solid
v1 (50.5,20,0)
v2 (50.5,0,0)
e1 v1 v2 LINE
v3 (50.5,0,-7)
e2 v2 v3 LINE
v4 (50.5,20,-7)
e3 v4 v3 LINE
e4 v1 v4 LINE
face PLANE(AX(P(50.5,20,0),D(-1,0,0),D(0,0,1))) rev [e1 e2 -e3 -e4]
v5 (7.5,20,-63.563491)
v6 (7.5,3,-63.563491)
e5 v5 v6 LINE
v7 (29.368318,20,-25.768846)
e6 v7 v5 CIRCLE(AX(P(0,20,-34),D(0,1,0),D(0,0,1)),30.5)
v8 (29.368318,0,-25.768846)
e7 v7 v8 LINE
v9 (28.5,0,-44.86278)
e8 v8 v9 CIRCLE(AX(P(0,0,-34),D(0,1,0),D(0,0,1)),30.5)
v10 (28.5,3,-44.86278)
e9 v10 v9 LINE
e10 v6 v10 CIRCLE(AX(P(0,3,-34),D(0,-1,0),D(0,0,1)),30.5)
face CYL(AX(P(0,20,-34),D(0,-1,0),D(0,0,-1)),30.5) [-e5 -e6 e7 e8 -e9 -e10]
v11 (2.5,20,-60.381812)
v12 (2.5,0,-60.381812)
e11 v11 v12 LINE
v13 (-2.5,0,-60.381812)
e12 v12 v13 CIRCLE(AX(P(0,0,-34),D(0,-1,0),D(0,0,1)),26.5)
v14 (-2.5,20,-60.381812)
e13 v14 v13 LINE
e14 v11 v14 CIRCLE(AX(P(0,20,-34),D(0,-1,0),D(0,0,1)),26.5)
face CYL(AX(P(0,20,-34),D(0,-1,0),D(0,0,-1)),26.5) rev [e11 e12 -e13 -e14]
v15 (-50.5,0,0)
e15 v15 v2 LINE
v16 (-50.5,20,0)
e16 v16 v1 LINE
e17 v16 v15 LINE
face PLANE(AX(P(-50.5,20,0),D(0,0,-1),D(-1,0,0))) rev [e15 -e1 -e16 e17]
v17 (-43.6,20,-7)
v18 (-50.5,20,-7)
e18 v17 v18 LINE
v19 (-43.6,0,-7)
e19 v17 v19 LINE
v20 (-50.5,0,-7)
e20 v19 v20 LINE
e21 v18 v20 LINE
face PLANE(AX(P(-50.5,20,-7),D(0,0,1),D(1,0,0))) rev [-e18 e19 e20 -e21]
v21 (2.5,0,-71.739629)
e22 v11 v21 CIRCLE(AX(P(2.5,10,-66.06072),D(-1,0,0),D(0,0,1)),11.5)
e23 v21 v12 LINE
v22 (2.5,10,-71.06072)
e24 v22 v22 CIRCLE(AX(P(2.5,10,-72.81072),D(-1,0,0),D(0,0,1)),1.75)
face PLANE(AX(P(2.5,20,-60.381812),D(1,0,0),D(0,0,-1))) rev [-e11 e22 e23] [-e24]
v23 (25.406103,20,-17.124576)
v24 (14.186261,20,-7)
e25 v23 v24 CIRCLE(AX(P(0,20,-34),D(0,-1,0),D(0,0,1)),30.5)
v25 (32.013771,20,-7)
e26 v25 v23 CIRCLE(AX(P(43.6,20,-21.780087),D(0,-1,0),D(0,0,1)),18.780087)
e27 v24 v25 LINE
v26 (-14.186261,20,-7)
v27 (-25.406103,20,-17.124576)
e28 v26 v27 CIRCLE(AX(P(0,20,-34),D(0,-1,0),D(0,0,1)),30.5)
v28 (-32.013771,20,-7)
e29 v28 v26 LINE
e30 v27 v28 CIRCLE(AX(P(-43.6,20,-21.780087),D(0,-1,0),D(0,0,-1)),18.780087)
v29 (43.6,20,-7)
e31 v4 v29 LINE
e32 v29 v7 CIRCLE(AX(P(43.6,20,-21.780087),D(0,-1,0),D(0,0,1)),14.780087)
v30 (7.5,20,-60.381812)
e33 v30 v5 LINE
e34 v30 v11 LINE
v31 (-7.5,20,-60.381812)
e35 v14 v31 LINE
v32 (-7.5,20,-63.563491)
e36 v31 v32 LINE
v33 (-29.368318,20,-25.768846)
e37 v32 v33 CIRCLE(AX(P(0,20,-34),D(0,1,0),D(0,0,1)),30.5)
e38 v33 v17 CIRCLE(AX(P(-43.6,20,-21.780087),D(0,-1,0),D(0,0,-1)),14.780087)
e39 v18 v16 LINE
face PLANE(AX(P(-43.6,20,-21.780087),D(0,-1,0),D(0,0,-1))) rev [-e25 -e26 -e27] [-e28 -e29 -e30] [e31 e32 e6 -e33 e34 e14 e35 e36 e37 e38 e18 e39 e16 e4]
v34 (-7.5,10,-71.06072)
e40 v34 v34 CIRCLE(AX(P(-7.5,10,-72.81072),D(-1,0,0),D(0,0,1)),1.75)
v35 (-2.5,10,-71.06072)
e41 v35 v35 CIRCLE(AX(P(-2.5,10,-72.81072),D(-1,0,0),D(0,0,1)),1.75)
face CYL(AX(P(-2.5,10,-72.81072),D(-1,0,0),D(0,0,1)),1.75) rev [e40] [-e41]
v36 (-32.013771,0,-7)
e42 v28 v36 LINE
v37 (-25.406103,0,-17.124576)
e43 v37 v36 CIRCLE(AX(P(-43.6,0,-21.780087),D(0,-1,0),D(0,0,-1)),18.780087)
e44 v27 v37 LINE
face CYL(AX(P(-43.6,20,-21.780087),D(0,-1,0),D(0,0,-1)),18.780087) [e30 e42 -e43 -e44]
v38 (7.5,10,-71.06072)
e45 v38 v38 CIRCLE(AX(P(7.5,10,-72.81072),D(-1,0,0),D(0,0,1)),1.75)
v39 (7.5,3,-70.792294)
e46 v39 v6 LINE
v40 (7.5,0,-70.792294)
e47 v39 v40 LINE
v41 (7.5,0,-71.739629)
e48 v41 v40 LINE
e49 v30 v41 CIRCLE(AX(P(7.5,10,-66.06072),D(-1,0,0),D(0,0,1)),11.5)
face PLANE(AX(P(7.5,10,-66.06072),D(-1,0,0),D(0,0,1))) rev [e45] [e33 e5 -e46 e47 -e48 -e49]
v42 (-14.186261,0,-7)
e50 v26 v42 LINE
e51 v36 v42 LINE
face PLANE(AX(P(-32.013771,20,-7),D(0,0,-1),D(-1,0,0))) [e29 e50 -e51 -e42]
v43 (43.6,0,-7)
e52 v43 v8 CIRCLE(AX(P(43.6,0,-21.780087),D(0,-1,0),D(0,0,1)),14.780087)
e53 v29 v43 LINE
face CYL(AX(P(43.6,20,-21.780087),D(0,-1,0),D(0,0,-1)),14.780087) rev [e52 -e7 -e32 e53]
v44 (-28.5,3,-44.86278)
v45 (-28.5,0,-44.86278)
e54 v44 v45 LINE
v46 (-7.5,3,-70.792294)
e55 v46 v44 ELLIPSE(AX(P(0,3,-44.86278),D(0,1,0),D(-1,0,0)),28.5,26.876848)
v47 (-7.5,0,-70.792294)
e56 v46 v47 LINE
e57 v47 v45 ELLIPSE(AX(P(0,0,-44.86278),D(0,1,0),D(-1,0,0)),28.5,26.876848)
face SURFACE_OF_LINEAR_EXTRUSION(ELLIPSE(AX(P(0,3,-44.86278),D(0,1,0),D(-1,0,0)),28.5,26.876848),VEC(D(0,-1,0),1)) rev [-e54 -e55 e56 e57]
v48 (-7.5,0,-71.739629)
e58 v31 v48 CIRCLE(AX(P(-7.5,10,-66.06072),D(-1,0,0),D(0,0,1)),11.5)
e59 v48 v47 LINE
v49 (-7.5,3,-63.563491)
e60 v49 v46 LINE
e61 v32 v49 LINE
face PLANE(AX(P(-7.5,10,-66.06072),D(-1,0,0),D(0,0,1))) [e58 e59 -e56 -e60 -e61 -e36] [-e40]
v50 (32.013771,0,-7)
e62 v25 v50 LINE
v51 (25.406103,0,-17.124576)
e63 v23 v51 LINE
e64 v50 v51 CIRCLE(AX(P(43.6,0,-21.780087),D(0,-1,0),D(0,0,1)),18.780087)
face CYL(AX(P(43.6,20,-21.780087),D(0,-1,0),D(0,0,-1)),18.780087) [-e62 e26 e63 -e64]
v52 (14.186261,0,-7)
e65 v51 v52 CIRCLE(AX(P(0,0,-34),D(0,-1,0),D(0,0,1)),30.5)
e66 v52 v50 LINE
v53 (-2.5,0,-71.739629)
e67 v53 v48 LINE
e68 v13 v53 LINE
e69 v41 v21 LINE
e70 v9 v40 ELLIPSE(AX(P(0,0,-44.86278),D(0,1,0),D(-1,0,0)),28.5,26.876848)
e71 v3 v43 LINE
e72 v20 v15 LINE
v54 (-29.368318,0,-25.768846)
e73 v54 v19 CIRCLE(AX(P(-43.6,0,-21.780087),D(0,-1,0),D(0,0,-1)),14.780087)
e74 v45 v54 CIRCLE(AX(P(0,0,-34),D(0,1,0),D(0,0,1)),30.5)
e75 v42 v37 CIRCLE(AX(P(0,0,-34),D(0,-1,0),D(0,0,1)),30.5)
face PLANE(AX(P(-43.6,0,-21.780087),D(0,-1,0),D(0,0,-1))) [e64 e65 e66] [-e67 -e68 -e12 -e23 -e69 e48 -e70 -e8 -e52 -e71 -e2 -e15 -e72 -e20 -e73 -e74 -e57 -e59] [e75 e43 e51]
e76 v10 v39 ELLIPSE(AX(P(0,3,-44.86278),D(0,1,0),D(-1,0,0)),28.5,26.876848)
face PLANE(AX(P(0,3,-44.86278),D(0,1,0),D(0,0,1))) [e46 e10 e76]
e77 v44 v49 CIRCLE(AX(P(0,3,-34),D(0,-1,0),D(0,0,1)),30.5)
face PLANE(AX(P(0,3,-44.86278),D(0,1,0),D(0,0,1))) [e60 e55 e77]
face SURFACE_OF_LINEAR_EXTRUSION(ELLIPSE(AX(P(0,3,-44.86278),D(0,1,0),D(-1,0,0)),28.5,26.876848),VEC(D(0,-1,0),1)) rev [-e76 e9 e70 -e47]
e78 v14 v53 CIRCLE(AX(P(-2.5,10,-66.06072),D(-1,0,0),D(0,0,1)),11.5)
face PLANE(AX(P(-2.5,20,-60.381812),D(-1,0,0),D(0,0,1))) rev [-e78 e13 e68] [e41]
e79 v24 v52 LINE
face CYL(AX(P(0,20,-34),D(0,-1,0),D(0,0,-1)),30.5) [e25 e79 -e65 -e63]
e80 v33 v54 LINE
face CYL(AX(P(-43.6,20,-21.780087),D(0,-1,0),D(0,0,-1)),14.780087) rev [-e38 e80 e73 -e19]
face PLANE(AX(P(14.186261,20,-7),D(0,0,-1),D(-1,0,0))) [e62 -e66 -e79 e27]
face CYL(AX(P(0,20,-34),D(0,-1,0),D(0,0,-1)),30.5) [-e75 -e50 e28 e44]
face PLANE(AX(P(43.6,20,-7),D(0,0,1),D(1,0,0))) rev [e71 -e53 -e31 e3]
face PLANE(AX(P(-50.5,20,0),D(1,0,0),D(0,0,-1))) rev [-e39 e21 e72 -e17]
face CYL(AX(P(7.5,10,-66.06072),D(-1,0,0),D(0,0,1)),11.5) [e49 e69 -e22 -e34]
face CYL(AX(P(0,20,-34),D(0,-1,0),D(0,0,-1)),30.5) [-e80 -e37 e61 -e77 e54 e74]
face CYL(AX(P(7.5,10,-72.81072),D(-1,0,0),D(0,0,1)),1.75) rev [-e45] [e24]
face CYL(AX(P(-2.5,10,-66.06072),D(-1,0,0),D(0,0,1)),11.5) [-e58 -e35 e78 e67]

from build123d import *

# Parameters (mm, degrees)
SALIENTE_EXTRUIR1_DEPTH = 20
CROQUIS2_R              = 1.75
SALIENTE_EXTRUIR2_DEPTH = 5
MATRIZL1_COUNT          = 2
MATRIZL1_PITCH          = 10
SALIENTE_EXTRUIR3_DEPTH = 3


with BuildPart() as part:
    # Croquis1 → Saliente-Extruir1 (new body)
    with BuildSketch(Plane(origin=(0, 0, 0), x_dir=(1, 0, 0), z_dir=(0, 1, 0))):
        with BuildLine():
            Line((-50.5, 0), (50.5, 0))
            Line((50.5, 0), (50.5, 7))
            Line((50.5, 7), (43.6, 7))
            ThreePointArc((43.6, 7), (31.822793565, 12.849892164), (29.368318159, 25.768846465))
            ThreePointArc((29.368318159, 25.768846465), (25.038732007, 51.41585196), (2.5, 64.397368307))
            Line((2.5, 64.397368307), (2.5, 60.381811917))
            ThreePointArc((2.5, 60.381811917), (0, 7.5), (-2.5, 60.381811917))
            Line((-2.5, 60.381811917), (-2.5, 64.397368307))
            ThreePointArc((-2.5, 64.397368307), (-25.038732007, 51.41585196), (-29.368318159, 25.768846465))
            ThreePointArc((-29.368318159, 25.768846465), (-31.822793565, 12.849892164), (-43.6, 7))
            Line((-43.6, 7), (-50.5, 7))
            Line((-50.5, 7), (-50.5, 0))
        make_face()
        with BuildLine():
            Line((14.186260959, 7), (32.013771293, 7))
            ThreePointArc((32.013771293, 7), (27.872929965, 11.516026639), (25.406103057, 17.124576229))
            ThreePointArc((25.406103057, 17.124576229), (20.433198062, 11.356360342), (14.186260959, 7))
        make_face(mode=Mode.SUBTRACT)
        with BuildLine():
            Line((-32.013771293, 7), (-14.186260959, 7))
            ThreePointArc((-14.186260959, 7), (-20.433198062, 11.356360342), (-25.406103057, 17.124576229))
            ThreePointArc((-25.406103057, 17.124576229), (-27.872929965, 11.516026639), (-32.013771293, 7))
        make_face(mode=Mode.SUBTRACT)
    extrude(amount=SALIENTE_EXTRUIR1_DEPTH)

    # Croquis2 → Saliente-Extruir2 (add)
    with BuildSketch(Plane.ZY.offset(-2.5)):
        with BuildLine():
            Line((-60.381811917, 20), (-60.381811917, 0))
            Line((-60.381811917, 0), (-71.739628608, 0))
            ThreePointArc((-71.739628608, 0), (-76.060720262, 15.678908346), (-60.381811917, 20))
        make_face()
        with Locations((-72.810720262, 10)):
            Circle(CROQUIS2_R, mode=Mode.SUBTRACT)
    saliente_extruir2 = extrude(amount=-SALIENTE_EXTRUIR2_DEPTH)

    # MatrizL1: Saliente-Extruir2 ×2
    with Locations(*[(-i * MATRIZL1_PITCH, 0, 0) for i in range(1, MATRIZL1_COUNT)]):
        add(saliente_extruir2)

    # Croquis3 → Saliente-Extruir3 (add)
    with BuildSketch(Plane(origin=(0, 0, 0), x_dir=(1, 0, 0), z_dir=(0, 1, 0))):
        with BuildLine():
            Line((-7.5, 70.792294373), (-7.5, 63.563490998))
            ThreePointArc((-7.5, 63.563490998), (-20.283716212, 56.7776394), (-28.5, 44.862780491))
            add(Edge.make_bspline(
                [(-7.5, 70.792294373), (-28.5, 65.390312314), (-28.5, 44.862780491)],
                knots=[4.978682998, 4.978682998, 4.978682998, 6.283185307, 6.283185307, 6.283185307], degree=2, weights=[1, 0.794719414, 1]))
        make_face()
        with BuildLine():
            Line((7.5, 70.792294373), (7.5, 63.563490998))
            ThreePointArc((7.5, 63.563490998), (20.283716212, 56.7776394), (28.5, 44.862780491))
            add(Edge.make_bspline(
                [(28.5, 44.862780491), (28.5, 65.390312314), (7.5, 70.792294373)],
                knots=[3.141592654, 3.141592654, 3.141592654, 4.446094963, 4.446094963, 4.446094963], degree=2, weights=[1, 0.794719414, 1]))
        make_face()
    extrude(amount=SALIENTE_EXTRUIR3_DEPTH)


solid = part.part
